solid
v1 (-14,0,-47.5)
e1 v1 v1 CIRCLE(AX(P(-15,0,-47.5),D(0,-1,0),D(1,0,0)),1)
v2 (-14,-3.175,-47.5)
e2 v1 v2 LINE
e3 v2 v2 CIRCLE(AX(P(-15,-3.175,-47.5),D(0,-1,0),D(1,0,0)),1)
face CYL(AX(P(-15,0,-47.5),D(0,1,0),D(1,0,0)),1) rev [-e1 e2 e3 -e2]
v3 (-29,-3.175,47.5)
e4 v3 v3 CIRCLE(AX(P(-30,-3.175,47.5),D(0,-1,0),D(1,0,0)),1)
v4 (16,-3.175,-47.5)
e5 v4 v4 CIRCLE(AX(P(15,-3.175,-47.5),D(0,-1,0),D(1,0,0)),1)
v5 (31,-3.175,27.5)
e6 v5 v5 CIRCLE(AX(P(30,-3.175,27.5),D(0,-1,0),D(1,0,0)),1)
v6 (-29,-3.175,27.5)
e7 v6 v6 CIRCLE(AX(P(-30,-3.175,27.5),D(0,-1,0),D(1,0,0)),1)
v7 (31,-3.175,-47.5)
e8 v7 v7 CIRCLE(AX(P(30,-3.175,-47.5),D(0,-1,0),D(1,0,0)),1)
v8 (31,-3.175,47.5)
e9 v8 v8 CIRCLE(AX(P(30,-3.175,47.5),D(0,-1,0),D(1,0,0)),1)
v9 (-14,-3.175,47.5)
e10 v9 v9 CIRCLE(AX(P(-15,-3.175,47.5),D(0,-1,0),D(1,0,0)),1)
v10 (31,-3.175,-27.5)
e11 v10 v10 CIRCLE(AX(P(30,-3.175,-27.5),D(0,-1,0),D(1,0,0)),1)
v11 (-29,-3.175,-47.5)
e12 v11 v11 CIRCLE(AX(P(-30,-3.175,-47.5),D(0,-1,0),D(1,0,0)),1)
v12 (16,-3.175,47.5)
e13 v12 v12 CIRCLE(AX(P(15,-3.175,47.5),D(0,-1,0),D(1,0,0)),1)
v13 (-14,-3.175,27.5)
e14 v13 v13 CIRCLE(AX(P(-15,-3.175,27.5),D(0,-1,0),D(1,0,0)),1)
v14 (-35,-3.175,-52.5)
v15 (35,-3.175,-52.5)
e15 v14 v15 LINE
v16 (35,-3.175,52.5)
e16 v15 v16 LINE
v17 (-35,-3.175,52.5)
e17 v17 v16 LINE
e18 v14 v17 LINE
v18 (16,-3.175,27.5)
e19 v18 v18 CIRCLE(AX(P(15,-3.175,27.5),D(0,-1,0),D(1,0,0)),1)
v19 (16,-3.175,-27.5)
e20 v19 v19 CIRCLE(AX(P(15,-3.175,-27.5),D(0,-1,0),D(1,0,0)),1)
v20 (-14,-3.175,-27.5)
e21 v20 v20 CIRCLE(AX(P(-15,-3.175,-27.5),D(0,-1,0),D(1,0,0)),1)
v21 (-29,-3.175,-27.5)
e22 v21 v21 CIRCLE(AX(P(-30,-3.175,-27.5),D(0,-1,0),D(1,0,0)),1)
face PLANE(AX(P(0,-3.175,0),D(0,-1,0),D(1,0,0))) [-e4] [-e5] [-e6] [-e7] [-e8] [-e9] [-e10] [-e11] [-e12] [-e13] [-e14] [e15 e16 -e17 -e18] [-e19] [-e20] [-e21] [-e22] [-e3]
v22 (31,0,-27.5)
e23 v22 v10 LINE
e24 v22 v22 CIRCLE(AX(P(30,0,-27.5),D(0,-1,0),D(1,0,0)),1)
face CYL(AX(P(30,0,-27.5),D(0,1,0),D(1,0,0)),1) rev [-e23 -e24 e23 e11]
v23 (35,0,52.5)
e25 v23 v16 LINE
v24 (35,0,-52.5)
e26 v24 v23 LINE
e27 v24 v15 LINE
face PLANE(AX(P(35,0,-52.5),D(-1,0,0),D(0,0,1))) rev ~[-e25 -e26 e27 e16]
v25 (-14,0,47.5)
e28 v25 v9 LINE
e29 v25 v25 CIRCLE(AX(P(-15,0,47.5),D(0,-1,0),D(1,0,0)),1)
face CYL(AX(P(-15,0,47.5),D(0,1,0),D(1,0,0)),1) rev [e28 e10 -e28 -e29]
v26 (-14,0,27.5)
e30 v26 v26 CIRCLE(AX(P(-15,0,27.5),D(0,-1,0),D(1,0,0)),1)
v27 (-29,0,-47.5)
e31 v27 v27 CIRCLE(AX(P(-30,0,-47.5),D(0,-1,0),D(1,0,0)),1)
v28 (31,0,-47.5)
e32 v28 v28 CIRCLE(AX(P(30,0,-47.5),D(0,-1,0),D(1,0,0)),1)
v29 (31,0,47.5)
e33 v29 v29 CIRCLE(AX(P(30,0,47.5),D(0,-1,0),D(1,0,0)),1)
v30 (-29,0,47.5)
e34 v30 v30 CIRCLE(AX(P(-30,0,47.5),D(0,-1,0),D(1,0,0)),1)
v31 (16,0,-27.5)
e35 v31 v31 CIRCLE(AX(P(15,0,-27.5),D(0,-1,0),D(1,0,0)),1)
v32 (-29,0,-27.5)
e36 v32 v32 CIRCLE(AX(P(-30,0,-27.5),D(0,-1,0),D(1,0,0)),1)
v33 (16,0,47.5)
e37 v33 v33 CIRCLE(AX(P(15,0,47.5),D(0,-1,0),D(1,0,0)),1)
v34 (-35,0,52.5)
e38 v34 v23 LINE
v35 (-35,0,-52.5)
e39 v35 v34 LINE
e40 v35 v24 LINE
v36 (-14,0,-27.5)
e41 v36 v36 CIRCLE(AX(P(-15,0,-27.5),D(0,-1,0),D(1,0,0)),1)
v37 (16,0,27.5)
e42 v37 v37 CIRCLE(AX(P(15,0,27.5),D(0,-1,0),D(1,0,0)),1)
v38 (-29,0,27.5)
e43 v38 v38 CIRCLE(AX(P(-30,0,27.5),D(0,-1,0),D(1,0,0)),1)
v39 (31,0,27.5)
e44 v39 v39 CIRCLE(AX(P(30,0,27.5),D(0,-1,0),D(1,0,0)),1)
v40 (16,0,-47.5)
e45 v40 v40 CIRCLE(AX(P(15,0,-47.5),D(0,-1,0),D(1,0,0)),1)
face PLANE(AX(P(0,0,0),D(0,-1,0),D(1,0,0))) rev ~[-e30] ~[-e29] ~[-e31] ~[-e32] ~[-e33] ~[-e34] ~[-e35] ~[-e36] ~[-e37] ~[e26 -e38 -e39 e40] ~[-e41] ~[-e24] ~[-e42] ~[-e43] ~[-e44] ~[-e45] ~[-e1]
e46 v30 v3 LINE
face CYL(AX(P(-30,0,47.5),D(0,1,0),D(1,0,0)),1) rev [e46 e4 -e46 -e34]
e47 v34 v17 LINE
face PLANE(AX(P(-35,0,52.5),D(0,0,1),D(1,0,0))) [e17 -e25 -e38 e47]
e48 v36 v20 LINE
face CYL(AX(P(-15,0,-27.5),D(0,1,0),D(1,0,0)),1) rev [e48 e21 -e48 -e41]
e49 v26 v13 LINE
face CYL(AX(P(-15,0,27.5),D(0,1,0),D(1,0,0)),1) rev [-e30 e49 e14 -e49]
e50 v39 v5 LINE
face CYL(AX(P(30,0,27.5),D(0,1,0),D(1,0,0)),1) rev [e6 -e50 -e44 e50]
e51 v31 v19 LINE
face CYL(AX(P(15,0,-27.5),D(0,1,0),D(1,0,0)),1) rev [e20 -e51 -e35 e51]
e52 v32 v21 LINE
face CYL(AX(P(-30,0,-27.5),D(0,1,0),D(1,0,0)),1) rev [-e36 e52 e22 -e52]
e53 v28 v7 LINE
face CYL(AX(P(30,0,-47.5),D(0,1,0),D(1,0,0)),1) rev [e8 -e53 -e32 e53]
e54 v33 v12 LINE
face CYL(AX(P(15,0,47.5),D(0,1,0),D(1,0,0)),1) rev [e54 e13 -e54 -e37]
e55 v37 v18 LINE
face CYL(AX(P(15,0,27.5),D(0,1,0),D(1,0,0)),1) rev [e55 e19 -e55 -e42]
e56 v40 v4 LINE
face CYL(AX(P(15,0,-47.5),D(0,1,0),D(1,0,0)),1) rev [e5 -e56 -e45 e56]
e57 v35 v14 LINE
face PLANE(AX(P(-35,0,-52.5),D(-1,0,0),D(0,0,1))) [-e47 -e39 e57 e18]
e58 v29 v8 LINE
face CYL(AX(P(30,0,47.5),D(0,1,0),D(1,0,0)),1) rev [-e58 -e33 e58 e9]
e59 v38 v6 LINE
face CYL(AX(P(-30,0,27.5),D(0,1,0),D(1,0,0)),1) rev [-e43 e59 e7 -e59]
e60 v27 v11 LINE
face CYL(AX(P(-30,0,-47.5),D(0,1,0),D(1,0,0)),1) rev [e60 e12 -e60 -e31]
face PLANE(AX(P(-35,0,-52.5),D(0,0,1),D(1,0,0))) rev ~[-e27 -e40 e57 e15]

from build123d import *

# Parameters (mm, degrees)
F0_W     = 70
F0_H     = 105
F0_R     = 1
F1_DEPTH = 3.175


with BuildPart() as f1:
    # F0 (on Front) → F1 (new body)
    with BuildSketch(Plane.XZ):
        Rectangle(F0_W, F0_H)
        with Locations((-30, -47.5)):
            Circle(F0_R, mode=Mode.SUBTRACT)
        with Locations((-30, -27.5)):
            Circle(F0_R, mode=Mode.SUBTRACT)
        with Locations((-15, -47.5)):
            Circle(F0_R, mode=Mode.SUBTRACT)
        with Locations((-15, -27.5)):
            Circle(F0_R, mode=Mode.SUBTRACT)
        with Locations((15, -47.5)):
            Circle(F0_R, mode=Mode.SUBTRACT)
        with Locations((15, -27.5)):
            Circle(F0_R, mode=Mode.SUBTRACT)
        with Locations((30, -47.5)):
            Circle(F0_R, mode=Mode.SUBTRACT)
        with Locations((30, -27.5)):
            Circle(F0_R, mode=Mode.SUBTRACT)
        with Locations((-30, 27.5)):
            Circle(F0_R, mode=Mode.SUBTRACT)
        with Locations((-30, 47.5)):
            Circle(F0_R, mode=Mode.SUBTRACT)
        with Locations((-15, 27.5)):
            Circle(F0_R, mode=Mode.SUBTRACT)
        with Locations((-15, 47.5)):
            Circle(F0_R, mode=Mode.SUBTRACT)
        with Locations((15, 27.5)):
            Circle(F0_R, mode=Mode.SUBTRACT)
        with Locations((15, 47.5)):
            Circle(F0_R, mode=Mode.SUBTRACT)
        with Locations((30, 27.5)):
            Circle(F0_R, mode=Mode.SUBTRACT)
        with Locations((30, 47.5)):
            Circle(F0_R, mode=Mode.SUBTRACT)
    extrude(amount=F1_DEPTH)


solid = f1.part
